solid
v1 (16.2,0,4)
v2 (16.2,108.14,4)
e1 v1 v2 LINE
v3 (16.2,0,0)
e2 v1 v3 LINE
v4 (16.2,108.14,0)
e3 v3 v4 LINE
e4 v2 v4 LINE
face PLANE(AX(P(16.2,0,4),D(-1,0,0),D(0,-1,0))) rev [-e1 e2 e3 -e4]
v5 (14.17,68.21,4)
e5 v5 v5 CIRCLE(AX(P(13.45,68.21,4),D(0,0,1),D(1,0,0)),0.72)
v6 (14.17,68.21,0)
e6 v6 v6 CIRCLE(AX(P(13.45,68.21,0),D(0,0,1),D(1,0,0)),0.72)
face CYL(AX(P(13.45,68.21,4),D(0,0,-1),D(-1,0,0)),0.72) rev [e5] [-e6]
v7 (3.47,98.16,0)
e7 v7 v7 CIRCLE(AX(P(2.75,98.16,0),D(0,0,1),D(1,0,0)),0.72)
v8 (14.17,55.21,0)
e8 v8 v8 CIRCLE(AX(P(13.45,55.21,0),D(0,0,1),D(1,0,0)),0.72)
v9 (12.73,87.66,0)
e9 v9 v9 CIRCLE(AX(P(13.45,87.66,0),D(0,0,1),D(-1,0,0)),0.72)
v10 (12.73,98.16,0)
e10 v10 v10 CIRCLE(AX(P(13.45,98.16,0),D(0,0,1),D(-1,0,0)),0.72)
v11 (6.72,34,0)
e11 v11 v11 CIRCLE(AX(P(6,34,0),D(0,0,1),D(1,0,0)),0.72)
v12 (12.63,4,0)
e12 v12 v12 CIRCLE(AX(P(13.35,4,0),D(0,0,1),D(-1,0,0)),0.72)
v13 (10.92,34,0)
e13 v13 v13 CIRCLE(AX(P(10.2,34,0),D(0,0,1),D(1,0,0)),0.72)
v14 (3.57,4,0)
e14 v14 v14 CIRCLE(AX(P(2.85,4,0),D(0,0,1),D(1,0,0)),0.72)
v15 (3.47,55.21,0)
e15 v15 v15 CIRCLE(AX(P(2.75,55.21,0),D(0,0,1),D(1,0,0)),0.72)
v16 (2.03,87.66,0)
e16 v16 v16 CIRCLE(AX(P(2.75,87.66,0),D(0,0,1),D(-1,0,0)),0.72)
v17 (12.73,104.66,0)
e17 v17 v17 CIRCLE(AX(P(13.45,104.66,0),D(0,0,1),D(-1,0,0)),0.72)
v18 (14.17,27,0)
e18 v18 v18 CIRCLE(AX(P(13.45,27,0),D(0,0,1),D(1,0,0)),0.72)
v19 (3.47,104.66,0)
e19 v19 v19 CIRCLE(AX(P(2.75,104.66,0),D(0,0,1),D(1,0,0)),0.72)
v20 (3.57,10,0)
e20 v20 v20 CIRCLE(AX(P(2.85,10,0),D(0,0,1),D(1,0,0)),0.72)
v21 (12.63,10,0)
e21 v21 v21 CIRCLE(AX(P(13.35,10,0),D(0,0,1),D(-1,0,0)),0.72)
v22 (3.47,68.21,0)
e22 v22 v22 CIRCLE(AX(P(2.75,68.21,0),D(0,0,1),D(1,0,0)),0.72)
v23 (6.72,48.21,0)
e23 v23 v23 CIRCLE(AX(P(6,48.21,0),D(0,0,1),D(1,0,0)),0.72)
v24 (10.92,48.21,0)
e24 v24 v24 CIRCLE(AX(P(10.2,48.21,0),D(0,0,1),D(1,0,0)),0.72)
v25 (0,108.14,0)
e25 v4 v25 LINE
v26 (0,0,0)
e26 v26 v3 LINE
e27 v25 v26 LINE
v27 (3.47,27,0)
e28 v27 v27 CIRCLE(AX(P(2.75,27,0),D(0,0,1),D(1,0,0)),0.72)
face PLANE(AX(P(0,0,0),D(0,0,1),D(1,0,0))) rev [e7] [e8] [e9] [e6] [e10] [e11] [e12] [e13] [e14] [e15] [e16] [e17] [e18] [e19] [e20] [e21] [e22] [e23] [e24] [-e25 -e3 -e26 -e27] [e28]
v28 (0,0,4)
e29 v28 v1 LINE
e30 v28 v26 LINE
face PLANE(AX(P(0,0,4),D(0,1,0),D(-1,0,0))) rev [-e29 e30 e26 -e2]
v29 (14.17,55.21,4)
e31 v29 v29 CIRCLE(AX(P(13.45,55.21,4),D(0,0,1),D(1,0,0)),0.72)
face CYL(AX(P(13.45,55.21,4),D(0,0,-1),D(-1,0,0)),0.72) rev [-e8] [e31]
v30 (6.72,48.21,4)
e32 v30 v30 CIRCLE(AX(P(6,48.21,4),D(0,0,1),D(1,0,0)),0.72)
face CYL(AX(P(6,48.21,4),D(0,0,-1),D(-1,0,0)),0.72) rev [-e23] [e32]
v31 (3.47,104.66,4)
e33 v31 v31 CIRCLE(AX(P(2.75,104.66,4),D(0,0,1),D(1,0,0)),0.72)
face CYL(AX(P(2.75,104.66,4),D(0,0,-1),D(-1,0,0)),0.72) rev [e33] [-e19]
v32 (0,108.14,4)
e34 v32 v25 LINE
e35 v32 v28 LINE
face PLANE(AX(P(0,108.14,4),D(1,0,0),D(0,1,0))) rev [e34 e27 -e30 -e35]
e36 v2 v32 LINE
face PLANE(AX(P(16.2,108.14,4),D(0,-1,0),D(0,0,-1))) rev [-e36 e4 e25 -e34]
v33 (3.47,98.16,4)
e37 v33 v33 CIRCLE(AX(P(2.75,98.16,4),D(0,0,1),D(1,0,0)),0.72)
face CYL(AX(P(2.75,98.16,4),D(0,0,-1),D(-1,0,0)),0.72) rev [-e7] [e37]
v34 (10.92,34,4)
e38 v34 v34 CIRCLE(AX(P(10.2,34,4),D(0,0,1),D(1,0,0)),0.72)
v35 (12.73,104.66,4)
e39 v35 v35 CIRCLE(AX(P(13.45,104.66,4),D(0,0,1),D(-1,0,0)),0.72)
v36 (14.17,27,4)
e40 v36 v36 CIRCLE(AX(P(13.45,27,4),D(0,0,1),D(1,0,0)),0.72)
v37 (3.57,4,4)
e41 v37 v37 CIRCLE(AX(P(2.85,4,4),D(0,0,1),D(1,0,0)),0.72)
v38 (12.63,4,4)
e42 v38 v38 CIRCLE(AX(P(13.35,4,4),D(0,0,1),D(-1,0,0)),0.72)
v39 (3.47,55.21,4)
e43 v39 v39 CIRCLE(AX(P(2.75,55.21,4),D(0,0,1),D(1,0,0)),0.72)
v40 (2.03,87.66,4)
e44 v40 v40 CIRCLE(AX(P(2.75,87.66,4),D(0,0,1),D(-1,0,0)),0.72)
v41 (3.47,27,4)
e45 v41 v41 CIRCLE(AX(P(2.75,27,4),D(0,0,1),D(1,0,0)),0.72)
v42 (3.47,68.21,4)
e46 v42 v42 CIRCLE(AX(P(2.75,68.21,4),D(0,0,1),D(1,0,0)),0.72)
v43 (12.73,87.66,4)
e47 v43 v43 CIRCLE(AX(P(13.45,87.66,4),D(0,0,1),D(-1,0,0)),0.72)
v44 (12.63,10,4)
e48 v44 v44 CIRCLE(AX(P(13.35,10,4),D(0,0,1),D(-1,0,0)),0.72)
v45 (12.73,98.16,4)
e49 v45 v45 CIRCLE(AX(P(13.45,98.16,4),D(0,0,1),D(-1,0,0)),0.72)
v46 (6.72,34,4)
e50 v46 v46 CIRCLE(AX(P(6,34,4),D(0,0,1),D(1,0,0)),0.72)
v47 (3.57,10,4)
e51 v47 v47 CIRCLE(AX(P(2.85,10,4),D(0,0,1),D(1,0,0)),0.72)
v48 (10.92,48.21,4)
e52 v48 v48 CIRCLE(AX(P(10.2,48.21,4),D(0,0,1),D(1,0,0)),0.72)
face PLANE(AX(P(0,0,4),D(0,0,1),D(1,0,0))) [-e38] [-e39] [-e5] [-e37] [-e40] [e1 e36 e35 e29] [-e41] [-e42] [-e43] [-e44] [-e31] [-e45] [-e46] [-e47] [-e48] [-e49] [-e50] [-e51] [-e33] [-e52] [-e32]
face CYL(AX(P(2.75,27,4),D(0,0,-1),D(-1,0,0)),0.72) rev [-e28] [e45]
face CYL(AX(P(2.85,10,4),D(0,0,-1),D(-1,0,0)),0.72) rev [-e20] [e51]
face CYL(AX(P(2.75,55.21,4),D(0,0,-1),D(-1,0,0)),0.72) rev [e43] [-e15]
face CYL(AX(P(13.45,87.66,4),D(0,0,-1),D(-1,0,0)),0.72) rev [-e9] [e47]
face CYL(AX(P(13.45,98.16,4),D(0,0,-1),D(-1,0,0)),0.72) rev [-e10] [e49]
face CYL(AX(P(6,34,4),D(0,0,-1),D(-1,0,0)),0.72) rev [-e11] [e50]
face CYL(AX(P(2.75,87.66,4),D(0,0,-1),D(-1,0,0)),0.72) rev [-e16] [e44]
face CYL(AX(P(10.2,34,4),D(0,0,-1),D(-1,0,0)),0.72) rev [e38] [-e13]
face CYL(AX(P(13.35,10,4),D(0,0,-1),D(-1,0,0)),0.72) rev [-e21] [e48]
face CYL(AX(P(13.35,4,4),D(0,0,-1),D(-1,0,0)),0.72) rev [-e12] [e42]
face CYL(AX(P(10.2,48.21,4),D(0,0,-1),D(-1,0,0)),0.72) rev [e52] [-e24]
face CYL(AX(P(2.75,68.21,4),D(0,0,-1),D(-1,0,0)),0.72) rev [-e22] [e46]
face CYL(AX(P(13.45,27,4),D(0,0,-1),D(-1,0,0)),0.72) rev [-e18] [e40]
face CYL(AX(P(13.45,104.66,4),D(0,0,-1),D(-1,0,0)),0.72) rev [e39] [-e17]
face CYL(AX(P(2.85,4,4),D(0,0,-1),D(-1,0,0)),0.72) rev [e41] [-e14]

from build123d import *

# Parameters (mm, degrees)
SKETCH1_W           = 16.2
SKETCH1_H           = 108.14
SKETCH1_R           = 0.72
BOSS_EXTRUDE1_DEPTH = 4


with BuildPart() as part:
    # Sketch1 → Boss-Extrude1 (new body)
    with BuildSketch(Plane.XY):
        with Locations((8.1, 54.07)):
            Rectangle(SKETCH1_W, SKETCH1_H)
        with Locations((13.45, 55.21)):
            Circle(SKETCH1_R, mode=Mode.SUBTRACT)
        with Locations((10.2, 48.21)):
            Circle(SKETCH1_R, mode=Mode.SUBTRACT)
        with Locations((13.45, 104.66)):
            Circle(SKETCH1_R, mode=Mode.SUBTRACT)
        with Locations((2.75, 98.16)):
            Circle(SKETCH1_R, mode=Mode.SUBTRACT)
        with Locations((6, 48.21)):
            Circle(SKETCH1_R, mode=Mode.SUBTRACT)
        with Locations((2.75, 27)):
            Circle(SKETCH1_R, mode=Mode.SUBTRACT)
        with Locations((2.75, 87.66)):
            Circle(SKETCH1_R, mode=Mode.SUBTRACT)
        with Locations((2.75, 55.21)):
            Circle(SKETCH1_R, mode=Mode.SUBTRACT)
        with Locations((13.45, 87.66)):
            Circle(SKETCH1_R, mode=Mode.SUBTRACT)
        with Locations((13.45, 98.16)):
            Circle(SKETCH1_R, mode=Mode.SUBTRACT)
        with Locations((13.45, 68.21)):
            Circle(SKETCH1_R, mode=Mode.SUBTRACT)
        with Locations((6, 34)):
            Circle(SKETCH1_R, mode=Mode.SUBTRACT)
        with Locations((2.75, 104.66)):
            Circle(SKETCH1_R, mode=Mode.SUBTRACT)
        with Locations((10.2, 34)):
            Circle(SKETCH1_R, mode=Mode.SUBTRACT)
        with Locations((2.75, 68.21)):
            Circle(SKETCH1_R, mode=Mode.SUBTRACT)
        with Locations((13.45, 27)):
            Circle(SKETCH1_R, mode=Mode.SUBTRACT)
        with Locations((2.85, 10)):
            Circle(SKETCH1_R, mode=Mode.SUBTRACT)
        with Locations((13.35, 10)):
            Circle(SKETCH1_R, mode=Mode.SUBTRACT)
        with Locations((13.35, 4)):
            Circle(SKETCH1_R, mode=Mode.SUBTRACT)
        with Locations((2.85, 4)):
            Circle(SKETCH1_R, mode=Mode.SUBTRACT)
    extrude(amount=BOSS_EXTRUDE1_DEPTH)


solid = part.part
